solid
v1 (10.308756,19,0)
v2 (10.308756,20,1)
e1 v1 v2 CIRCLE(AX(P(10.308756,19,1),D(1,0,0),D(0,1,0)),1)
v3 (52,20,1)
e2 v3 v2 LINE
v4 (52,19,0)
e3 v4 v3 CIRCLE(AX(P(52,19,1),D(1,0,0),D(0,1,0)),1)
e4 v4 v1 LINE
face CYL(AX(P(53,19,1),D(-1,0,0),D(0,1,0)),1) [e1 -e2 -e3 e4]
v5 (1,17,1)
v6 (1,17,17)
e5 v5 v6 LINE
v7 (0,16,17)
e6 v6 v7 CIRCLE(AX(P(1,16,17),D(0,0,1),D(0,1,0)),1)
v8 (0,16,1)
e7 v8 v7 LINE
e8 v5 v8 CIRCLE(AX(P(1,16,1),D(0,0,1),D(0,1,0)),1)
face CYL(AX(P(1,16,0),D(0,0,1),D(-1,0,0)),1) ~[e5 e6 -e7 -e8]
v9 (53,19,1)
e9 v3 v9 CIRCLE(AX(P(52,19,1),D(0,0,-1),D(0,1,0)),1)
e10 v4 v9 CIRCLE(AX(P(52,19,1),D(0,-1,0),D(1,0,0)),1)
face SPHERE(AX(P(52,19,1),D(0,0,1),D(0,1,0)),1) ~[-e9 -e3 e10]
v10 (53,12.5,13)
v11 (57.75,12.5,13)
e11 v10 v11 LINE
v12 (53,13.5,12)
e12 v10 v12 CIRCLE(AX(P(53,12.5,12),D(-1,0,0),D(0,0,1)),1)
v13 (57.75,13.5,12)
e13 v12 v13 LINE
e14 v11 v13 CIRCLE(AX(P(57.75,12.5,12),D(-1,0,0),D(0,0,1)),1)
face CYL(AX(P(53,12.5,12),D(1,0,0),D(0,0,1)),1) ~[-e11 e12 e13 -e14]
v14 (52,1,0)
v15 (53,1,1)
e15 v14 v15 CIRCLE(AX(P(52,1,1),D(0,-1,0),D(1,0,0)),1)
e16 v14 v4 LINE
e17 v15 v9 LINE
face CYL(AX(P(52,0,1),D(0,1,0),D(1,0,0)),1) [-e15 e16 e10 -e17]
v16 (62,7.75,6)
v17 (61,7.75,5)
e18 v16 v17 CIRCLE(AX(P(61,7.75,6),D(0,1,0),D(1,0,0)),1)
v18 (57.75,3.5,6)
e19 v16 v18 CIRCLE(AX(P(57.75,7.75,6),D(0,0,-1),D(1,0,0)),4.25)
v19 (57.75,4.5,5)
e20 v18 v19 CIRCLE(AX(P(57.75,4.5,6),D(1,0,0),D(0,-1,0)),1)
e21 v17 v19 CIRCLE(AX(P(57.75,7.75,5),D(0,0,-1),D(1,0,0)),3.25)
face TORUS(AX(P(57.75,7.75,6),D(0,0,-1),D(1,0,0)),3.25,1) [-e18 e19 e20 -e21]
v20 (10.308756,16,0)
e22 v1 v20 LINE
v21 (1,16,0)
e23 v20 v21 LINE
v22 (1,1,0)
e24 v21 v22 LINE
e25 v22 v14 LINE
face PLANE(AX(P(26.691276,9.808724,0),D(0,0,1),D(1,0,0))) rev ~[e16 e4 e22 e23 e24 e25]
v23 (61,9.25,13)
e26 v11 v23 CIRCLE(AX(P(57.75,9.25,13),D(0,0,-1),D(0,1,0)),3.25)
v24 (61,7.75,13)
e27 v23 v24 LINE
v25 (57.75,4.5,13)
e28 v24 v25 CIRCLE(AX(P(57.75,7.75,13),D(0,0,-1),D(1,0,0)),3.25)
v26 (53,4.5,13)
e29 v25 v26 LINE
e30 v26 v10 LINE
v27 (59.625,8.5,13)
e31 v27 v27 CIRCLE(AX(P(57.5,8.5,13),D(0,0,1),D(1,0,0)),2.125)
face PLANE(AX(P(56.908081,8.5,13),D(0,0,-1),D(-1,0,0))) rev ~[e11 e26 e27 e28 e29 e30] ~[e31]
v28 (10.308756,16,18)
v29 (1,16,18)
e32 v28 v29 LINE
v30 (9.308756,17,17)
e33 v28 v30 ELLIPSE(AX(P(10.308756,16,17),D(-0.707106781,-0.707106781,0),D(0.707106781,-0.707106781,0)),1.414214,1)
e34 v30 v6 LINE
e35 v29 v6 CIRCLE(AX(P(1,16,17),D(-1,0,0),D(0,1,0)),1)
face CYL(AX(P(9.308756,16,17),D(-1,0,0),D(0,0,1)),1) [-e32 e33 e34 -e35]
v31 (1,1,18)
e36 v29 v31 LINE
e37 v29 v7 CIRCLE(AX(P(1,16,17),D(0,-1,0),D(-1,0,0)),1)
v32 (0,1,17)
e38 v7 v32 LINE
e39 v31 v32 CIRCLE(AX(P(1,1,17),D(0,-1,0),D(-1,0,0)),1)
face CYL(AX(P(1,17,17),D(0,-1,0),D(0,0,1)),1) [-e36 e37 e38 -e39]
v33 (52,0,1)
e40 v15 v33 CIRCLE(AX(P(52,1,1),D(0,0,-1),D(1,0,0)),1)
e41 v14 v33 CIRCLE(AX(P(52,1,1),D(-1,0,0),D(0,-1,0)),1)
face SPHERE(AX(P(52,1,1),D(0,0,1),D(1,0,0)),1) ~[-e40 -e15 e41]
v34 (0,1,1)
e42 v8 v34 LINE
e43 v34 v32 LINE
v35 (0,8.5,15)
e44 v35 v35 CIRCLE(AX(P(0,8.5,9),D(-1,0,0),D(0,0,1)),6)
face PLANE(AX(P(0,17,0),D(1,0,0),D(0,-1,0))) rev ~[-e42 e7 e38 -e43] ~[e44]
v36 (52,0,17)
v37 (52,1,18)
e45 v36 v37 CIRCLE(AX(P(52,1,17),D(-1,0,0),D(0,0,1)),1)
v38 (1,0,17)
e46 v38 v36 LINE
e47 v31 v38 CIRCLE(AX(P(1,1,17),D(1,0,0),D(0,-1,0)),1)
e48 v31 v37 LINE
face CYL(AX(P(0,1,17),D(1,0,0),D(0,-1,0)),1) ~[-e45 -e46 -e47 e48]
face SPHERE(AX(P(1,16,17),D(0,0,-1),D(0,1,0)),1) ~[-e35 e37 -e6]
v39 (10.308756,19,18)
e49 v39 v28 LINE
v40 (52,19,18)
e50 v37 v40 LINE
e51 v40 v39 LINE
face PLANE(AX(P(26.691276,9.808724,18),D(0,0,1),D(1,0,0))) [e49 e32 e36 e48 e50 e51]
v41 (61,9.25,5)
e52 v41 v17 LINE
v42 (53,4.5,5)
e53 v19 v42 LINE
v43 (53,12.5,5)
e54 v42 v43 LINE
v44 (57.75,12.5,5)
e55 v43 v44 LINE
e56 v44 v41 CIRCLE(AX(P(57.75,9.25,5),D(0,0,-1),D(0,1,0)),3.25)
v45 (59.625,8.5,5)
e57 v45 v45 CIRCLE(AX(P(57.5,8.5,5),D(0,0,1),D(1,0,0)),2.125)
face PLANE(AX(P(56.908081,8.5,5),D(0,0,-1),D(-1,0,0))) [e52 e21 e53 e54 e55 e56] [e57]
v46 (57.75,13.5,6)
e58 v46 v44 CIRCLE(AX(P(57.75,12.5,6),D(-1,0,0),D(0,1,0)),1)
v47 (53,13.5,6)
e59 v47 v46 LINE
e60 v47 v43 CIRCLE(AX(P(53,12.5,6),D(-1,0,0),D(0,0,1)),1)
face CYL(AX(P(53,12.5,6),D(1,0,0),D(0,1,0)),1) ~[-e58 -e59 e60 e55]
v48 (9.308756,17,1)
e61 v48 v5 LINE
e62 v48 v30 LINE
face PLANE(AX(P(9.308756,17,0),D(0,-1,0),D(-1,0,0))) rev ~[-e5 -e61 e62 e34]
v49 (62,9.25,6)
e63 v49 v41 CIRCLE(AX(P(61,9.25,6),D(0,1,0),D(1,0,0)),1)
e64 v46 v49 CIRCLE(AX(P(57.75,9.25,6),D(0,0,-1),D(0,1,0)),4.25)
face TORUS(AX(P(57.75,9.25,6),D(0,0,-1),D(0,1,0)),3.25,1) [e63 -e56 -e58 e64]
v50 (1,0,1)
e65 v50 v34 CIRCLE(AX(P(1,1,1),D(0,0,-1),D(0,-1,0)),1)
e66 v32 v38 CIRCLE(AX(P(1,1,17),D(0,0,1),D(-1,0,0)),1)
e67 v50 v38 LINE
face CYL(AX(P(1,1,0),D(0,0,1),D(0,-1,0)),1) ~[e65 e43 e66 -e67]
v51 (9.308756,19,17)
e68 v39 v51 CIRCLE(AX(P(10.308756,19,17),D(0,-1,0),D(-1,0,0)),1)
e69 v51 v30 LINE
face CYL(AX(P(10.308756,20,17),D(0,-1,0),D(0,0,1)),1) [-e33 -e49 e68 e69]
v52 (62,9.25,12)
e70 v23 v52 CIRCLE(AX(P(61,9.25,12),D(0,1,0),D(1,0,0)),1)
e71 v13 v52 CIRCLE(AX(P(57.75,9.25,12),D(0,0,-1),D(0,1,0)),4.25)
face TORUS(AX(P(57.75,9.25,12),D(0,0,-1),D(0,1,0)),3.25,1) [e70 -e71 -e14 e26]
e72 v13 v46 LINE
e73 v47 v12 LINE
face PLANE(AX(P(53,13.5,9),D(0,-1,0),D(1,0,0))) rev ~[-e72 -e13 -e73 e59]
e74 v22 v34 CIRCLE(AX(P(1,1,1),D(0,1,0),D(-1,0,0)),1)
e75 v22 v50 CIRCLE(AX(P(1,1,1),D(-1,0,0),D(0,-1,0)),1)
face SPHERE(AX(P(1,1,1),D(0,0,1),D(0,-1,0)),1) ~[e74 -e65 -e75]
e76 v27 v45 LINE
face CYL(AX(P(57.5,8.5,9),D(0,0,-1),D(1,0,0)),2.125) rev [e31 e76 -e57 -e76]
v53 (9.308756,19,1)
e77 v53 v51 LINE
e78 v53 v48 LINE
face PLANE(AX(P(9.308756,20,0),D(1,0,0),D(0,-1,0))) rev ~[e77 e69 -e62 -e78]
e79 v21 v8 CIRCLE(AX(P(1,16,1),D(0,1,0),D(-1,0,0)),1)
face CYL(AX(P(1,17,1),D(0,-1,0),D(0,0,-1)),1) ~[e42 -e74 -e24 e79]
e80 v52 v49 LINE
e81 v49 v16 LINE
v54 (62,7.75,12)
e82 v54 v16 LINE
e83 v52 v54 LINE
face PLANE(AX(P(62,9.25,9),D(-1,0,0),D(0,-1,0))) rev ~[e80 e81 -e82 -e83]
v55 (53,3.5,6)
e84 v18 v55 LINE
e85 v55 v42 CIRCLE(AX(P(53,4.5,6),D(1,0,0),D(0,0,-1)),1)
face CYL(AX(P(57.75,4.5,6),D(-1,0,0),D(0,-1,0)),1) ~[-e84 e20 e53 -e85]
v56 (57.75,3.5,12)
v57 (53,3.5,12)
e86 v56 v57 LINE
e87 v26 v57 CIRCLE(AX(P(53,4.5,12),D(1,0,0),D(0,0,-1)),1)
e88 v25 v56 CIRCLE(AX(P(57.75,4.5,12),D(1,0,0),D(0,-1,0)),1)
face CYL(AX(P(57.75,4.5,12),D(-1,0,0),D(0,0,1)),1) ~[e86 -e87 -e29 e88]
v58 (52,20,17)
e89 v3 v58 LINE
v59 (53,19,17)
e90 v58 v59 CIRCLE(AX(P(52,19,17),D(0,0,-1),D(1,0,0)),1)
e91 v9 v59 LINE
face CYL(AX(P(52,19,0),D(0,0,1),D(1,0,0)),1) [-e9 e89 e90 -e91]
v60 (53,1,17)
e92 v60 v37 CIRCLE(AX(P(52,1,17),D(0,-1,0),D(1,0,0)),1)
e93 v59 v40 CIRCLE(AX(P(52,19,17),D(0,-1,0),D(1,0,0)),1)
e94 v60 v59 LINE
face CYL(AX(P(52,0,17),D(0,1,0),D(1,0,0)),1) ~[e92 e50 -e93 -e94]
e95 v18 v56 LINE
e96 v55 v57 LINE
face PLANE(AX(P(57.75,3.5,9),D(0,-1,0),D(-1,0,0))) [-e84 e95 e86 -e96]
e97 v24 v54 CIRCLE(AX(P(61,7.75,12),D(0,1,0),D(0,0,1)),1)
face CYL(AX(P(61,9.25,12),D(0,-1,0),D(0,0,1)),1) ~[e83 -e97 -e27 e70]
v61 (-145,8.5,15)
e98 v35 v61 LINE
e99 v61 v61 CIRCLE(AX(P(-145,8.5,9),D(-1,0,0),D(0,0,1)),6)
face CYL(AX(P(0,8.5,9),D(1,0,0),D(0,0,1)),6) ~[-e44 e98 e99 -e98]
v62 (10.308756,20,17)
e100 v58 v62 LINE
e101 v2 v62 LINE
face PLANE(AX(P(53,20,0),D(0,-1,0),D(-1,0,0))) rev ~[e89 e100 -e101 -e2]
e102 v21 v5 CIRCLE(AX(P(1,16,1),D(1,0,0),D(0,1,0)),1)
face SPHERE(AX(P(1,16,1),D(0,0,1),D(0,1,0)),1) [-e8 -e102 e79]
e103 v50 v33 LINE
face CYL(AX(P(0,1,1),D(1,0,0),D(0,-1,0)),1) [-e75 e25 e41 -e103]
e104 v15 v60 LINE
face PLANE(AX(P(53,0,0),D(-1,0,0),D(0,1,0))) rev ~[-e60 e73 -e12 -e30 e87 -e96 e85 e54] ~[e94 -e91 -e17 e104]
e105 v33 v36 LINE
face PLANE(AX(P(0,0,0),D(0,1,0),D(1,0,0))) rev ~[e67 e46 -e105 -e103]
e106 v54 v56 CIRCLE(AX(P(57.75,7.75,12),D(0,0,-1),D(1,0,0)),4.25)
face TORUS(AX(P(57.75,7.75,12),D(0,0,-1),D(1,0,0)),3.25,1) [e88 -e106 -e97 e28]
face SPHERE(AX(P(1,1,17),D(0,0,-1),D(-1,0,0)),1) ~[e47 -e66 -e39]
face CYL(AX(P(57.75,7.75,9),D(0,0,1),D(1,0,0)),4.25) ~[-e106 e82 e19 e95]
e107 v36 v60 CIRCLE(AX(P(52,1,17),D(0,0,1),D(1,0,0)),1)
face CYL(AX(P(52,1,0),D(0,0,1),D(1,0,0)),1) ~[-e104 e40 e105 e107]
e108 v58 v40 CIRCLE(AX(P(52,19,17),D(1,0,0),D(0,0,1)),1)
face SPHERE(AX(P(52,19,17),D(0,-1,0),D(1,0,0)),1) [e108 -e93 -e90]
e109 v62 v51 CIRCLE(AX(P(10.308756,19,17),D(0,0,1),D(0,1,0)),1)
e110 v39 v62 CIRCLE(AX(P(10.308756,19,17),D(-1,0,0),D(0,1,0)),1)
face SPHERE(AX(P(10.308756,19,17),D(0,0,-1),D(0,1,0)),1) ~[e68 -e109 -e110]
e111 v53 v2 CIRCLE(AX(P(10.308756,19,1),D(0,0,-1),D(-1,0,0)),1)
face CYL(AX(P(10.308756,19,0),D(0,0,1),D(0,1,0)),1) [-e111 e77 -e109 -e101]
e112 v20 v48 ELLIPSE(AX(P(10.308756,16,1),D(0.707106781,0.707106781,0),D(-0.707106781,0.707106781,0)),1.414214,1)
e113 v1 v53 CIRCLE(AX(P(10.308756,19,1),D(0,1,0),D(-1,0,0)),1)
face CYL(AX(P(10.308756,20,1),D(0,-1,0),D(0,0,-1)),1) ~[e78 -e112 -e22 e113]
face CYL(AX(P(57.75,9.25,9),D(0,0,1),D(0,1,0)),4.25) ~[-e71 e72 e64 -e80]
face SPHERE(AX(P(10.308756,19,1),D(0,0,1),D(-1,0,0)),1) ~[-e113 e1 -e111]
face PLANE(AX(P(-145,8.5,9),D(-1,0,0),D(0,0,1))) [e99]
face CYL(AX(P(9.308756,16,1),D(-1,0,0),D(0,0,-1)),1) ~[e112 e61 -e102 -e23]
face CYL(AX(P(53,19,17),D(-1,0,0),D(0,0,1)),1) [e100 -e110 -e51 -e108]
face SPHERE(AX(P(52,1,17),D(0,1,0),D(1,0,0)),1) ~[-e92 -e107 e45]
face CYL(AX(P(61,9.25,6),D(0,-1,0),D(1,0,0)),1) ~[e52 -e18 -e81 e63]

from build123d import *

# Parameters (mm, degrees)
BASE_DEPTH       = 18
MOUNT_DEPTH      = 4
MOUNT_DEPTH_BACK = 4
SKETCH2_R        = 2.125
SKETCH3_R        = 6
TUBE_DEPTH       = 145
FILLET1_R        = 1


with BuildPart() as part:
    # Sketch1 → Base (new body)
    with BuildSketch(Plane.XY):
        Polygon((0, 0), (53, 0), (53, 20), (9.30875576, 20), (9.30875576, 17), (0, 17), align=None)
    extrude(amount=BASE_DEPTH)

    # Sketch2 → Mount (add, two sides: drawn at the far end of the back side and taken through both)
    with BuildSketch(Plane.XY.offset(9).offset(-MOUNT_DEPTH_BACK)):
        with BuildLine():
            Line((53, 13.5), (57.75, 13.5))
            ThreePointArc((57.75, 13.5), (60.75520382, 12.25520382), (62, 9.25))
            Line((62, 9.25), (62, 7.75))
            ThreePointArc((62, 7.75), (60.75520382, 4.74479618), (57.75, 3.5))
            Line((57.75, 3.5), (53, 3.5))
            Line((53, 3.5), (53, 13.5))
        make_face()
        with Locations((57.5, 8.5)):
            Circle(SKETCH2_R, mode=Mode.SUBTRACT)
    extrude(amount=MOUNT_DEPTH + MOUNT_DEPTH_BACK)

    # Sketch3 → Tube (add)
    with BuildSketch(Plane.ZY):
        with Locations((9, 8.5)):
            Circle(SKETCH3_R)
    extrude(amount=TUBE_DEPTH)

    # Fillet1
    fillet1_edges = [part.edges().sort_by_distance(p)[0] for p in [
        (55.375, 3.5, 5),
        (60.75520382, 4.74479618, 5),
        (62, 8.5, 5),
        (55.375, 13.5, 5),
        (55.375, 3.5, 13),
        (60.75520382, 4.74479618, 13),
        (62, 8.5, 13),
        (55.375, 13.5, 13),
        (60.75520382, 12.25520382, 5),
        (60.75520382, 12.25520382, 13),
        (0, 17, 9),
        (0, 0, 9),
        (53, 20, 9),
        (9.30875576, 20, 9),
        (26.5, 0, 0),
        (53, 10, 0),
        (31.15437788, 20, 0),
        (9.30875576, 18.5, 0),
        (4.65437788, 17, 0),
        (0, 8.5, 0),
        (4.65437788, 17, 18),
        (9.30875576, 18.5, 18),
        (31.15437788, 20, 18),
        (53, 10, 18),
        (26.5, 0, 18),
        (0, 8.5, 18),
        (53, 0, 9),
    ]]
    fillet(fillet1_edges, radius=FILLET1_R)


solid = part.part
